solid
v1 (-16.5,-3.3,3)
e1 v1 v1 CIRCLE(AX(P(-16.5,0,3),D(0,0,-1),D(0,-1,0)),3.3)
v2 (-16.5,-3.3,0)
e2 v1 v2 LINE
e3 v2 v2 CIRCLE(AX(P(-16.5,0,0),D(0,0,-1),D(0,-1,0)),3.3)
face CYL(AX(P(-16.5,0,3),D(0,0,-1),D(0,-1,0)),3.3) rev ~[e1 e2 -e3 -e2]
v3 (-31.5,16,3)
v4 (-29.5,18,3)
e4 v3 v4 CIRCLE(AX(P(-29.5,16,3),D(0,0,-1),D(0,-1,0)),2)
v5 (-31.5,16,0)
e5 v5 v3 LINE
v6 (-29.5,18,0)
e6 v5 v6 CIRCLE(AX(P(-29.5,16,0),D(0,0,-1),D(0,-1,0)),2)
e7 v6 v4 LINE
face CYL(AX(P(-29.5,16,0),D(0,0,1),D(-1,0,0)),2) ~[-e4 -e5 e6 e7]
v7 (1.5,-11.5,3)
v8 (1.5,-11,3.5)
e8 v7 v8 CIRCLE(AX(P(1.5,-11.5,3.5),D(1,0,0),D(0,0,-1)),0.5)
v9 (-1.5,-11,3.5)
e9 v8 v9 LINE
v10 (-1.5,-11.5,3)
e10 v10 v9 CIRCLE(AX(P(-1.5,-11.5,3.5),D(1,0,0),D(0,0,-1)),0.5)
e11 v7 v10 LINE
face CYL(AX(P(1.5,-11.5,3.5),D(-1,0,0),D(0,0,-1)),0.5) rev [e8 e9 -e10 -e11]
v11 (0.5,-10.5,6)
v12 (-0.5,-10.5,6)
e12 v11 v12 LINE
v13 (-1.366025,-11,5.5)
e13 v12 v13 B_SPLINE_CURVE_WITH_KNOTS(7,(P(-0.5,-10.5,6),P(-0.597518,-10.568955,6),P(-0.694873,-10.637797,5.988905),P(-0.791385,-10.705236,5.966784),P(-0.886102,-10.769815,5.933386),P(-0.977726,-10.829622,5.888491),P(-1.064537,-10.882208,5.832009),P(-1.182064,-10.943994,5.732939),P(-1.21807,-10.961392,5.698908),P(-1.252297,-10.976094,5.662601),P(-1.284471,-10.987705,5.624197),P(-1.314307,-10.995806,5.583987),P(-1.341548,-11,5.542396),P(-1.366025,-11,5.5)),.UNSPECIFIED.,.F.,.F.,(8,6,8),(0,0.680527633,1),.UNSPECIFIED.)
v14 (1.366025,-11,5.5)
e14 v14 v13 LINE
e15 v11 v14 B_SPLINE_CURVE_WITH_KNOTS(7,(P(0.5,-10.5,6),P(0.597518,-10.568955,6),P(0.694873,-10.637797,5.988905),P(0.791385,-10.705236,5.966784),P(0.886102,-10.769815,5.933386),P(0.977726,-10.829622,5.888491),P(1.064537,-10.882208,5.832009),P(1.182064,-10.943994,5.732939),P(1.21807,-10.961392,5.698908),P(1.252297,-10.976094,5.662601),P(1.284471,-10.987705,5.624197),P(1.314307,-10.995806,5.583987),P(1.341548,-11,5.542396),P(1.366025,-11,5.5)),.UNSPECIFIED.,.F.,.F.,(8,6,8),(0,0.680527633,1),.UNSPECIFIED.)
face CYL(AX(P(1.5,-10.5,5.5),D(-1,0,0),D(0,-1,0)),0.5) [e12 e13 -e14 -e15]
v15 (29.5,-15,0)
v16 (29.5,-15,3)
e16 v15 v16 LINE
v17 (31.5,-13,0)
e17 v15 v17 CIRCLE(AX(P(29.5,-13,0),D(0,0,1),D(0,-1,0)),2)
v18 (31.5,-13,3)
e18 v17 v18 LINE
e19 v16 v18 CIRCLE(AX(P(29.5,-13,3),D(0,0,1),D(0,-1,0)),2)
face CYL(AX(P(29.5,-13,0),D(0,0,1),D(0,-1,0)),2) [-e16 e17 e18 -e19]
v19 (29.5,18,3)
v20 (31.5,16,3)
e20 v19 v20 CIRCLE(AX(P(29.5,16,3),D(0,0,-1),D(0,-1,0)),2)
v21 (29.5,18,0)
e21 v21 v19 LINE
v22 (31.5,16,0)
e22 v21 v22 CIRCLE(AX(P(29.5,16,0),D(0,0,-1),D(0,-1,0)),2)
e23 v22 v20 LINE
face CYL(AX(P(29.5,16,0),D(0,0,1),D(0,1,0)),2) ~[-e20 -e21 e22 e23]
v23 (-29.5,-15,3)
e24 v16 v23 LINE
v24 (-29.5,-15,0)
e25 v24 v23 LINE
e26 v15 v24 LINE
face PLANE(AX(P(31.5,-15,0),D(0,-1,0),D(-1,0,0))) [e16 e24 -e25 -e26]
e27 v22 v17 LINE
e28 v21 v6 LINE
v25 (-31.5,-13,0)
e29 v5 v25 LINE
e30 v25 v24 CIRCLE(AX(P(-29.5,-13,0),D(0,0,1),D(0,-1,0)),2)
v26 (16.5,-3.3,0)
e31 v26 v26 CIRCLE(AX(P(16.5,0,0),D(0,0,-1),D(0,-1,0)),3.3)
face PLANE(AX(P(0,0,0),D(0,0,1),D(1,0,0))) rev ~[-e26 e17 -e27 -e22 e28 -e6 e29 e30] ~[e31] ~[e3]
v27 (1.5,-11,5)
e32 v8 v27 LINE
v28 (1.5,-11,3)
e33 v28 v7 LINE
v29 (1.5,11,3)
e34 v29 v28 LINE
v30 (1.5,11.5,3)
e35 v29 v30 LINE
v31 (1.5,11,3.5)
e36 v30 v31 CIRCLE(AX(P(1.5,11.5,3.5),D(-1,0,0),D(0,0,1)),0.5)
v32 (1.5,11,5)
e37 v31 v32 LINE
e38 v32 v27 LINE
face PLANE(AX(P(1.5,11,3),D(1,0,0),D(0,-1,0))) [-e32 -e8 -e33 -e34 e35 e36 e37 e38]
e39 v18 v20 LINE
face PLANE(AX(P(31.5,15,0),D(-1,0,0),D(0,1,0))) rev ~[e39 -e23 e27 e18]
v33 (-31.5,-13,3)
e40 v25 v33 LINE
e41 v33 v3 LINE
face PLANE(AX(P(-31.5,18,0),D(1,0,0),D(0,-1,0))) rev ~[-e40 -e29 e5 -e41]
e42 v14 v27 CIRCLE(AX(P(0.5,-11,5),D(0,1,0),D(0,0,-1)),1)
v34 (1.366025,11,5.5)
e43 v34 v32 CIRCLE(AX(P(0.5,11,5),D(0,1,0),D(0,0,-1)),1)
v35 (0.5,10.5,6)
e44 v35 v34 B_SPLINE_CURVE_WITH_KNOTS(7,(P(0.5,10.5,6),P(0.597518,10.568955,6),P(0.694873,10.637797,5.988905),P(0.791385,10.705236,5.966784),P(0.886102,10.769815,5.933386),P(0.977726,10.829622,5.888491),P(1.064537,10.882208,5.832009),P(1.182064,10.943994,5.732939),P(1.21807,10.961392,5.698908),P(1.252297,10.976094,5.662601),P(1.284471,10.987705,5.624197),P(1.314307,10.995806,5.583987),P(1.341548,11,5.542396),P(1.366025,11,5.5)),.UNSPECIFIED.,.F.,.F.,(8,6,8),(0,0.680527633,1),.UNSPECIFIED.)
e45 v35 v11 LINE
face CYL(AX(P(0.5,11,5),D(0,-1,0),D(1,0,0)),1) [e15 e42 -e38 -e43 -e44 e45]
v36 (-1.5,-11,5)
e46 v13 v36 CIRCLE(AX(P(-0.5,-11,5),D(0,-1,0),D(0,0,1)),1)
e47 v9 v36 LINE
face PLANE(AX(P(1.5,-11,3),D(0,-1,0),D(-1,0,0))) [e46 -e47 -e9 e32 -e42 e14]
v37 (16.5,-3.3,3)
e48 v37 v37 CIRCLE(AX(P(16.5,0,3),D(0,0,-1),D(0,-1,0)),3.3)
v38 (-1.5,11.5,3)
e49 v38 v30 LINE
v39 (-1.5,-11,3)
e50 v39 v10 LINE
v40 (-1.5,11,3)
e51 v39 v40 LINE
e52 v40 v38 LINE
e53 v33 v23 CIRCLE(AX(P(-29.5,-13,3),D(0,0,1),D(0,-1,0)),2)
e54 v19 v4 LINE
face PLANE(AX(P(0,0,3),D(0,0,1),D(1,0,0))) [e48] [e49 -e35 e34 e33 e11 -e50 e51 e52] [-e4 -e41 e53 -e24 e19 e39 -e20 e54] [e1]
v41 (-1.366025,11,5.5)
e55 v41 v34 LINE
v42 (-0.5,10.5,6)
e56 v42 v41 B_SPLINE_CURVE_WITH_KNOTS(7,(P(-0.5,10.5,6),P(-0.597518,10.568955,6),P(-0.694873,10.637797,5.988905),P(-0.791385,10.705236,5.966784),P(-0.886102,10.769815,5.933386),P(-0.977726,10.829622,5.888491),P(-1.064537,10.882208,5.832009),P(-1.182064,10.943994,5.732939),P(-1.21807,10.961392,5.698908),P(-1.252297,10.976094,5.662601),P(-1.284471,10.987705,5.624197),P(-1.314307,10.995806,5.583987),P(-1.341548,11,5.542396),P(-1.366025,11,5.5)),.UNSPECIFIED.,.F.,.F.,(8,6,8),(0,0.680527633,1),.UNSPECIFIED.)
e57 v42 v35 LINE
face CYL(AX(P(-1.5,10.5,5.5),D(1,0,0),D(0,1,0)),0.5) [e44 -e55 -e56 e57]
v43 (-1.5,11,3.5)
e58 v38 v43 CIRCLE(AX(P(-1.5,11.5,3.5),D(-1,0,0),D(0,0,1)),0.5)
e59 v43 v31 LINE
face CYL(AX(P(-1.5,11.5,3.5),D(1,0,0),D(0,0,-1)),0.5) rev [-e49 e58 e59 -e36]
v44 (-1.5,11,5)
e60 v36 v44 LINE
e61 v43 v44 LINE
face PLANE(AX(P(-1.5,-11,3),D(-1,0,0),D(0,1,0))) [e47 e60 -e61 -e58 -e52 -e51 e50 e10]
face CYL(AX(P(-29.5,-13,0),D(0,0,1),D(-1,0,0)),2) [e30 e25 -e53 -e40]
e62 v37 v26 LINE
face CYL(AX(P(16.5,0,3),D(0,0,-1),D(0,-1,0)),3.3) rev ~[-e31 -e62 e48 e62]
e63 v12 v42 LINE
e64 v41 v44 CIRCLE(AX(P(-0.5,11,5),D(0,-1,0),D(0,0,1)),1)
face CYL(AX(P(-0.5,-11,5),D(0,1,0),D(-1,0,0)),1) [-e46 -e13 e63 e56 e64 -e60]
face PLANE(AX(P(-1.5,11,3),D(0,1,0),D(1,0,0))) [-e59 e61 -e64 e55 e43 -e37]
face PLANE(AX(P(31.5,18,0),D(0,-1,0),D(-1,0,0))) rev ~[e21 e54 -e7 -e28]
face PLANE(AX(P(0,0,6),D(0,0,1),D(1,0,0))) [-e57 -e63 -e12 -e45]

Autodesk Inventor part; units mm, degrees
ref_plane "YZ Plane" through (0, 0, 0) normal (1, 0, 0) x (0, 1, 0)
ref_plane "XZ Plane" through (0, 0, 0) normal (0, 1, 0) x (-1, 0, 0)
ref_plane "XY Plane" through (0, 0, 0) normal (0, 0, 1) x (1, 0, 0)
sketch "スケッチ2" plane through (0, 0, 0) normal (0, 0, 1) x (1, 0, 0)
  line L0 (-31.5, 15) -> (31.5, 15)
  line L1 (31.5, 15) -> (31.5, -15)
  line L2 (31.5, -15) -> (-31.5, -15)
  line L3 (-31.5, -15) -> (-31.5, 15)
  line L4 (0, 24.6) -> (0, -21.6) construction
  line L5 (-44.1, 0) -> (44.1, 0) construction
  line L6 (-31.5, 15) -> (31.5, 15)
  line L7 (31.5, 15) -> (31.5, 18)
  line L8 (31.5, 18) -> (-31.5, 18)
  line L9 (-31.5, 18) -> (-31.5, 15)
  point P0 (0, 0)
  point P1 (31.5, 15)
  dimension "d1" = 63
  dimension "d2" = 30
  dimension "d3" = 15
  dimension "d4" = 31.5
  dimension "d26" = 3
extrude "押し出し1" add sketch "スケッチ2" along normal blind 3
sketch "スケッチ3" plane through (0, 0, 3) normal (0, 0, 1) x (1, 0, 0)
  line L0 (-31.5, -15) -> (31.5, -15) construction
  line L1 (-44.1, 0) -> (44.1, 0) construction
  line L2 (31.5, -15) -> (31.5, 18) projected
  line L3 (31.5, 18) -> (-31.5, 18) projected
  line L4 (-31.5, 18) -> (-31.5, -15) projected
  point P0 (0, 0)
  point P1 (-16.5, 0)
  point P2 (16.5, 0)
hole "穴1" at (-16.5, 0, 3) at (16.5, 0, 3) direction (0, 0, -1) diameter 6.6 end through all
fillet "フィレット1" radius 2 4 edges at (31.5, -15, 1.5) (-31.5, -15, 1.5) (-31.5, 18, 1.5) (31.5, 18, 1.5)
sketch "スケッチ4" plane through (0, 0, 3) normal (0, 0, 1) x (1, 0, 0)
  line L0 (-29.5, -15) -> (29.5, -15) projected
  arc A0 (-31.5, -13) -> (-29.5, -15) centre (-29.5, -13) ccw projected
  line L1 (-29.5, -15) -> (29.5, -15) projected
  arc A1 (29.5, -15) -> (31.5, -13) centre (29.5, -13) ccw projected
  circle A2 centre (-16.5, 0) radius 3.3 projected
  circle A3 centre (16.5, 0) radius 3.3 projected
  line L2 (1.5, -11) -> (-1.5, -11)
  line L3 (-1.5, -11) -> (-1.5, 11)
  line L4 (-1.5, 11) -> (1.5, 11)
  line L5 (1.5, 11) -> (1.5, -11)
  line L6 (1.5, -11) -> (-1.5, 11) construction
  line L7 (-1.5, -11) -> (1.5, 11) construction
  line L8 (31.5, -13) -> (31.5, 16) projected
  line L9 (29.5, 18) -> (-29.5, 18) projected
  line L10 (-31.5, 16) -> (-31.5, -13) projected
  arc A4 (31.5, 16) -> (29.5, 18) centre (29.5, 16) ccw projected
  arc A5 (-29.5, 18) -> (-31.5, 16) centre (-29.5, 16) ccw projected
  point P0 (0, 0)
  dimension "d22" = 3
  dimension "d24" = 4
extrude "押し出し2" add sketch "スケッチ4" along normal blind 3 contours L2 L3 L4 L5
fillet "フィレット2" radius 1 2 edges at (-1.5, 0, 6) (1.5, 0, 6)
fillet "フィレット2" radius 0.5 4 edges at (0, 11, 3) (0, -11, 3) (0, 11, 6) (0, -11, 6)
equation "\"d3\" = 0.5 * d2"
equation "\"d4\" = 0.5 * d1"
equation "\"d24\" = d23"
equation "\"d23\" = 4"
properties part number "rocker_frame_mount_02"
